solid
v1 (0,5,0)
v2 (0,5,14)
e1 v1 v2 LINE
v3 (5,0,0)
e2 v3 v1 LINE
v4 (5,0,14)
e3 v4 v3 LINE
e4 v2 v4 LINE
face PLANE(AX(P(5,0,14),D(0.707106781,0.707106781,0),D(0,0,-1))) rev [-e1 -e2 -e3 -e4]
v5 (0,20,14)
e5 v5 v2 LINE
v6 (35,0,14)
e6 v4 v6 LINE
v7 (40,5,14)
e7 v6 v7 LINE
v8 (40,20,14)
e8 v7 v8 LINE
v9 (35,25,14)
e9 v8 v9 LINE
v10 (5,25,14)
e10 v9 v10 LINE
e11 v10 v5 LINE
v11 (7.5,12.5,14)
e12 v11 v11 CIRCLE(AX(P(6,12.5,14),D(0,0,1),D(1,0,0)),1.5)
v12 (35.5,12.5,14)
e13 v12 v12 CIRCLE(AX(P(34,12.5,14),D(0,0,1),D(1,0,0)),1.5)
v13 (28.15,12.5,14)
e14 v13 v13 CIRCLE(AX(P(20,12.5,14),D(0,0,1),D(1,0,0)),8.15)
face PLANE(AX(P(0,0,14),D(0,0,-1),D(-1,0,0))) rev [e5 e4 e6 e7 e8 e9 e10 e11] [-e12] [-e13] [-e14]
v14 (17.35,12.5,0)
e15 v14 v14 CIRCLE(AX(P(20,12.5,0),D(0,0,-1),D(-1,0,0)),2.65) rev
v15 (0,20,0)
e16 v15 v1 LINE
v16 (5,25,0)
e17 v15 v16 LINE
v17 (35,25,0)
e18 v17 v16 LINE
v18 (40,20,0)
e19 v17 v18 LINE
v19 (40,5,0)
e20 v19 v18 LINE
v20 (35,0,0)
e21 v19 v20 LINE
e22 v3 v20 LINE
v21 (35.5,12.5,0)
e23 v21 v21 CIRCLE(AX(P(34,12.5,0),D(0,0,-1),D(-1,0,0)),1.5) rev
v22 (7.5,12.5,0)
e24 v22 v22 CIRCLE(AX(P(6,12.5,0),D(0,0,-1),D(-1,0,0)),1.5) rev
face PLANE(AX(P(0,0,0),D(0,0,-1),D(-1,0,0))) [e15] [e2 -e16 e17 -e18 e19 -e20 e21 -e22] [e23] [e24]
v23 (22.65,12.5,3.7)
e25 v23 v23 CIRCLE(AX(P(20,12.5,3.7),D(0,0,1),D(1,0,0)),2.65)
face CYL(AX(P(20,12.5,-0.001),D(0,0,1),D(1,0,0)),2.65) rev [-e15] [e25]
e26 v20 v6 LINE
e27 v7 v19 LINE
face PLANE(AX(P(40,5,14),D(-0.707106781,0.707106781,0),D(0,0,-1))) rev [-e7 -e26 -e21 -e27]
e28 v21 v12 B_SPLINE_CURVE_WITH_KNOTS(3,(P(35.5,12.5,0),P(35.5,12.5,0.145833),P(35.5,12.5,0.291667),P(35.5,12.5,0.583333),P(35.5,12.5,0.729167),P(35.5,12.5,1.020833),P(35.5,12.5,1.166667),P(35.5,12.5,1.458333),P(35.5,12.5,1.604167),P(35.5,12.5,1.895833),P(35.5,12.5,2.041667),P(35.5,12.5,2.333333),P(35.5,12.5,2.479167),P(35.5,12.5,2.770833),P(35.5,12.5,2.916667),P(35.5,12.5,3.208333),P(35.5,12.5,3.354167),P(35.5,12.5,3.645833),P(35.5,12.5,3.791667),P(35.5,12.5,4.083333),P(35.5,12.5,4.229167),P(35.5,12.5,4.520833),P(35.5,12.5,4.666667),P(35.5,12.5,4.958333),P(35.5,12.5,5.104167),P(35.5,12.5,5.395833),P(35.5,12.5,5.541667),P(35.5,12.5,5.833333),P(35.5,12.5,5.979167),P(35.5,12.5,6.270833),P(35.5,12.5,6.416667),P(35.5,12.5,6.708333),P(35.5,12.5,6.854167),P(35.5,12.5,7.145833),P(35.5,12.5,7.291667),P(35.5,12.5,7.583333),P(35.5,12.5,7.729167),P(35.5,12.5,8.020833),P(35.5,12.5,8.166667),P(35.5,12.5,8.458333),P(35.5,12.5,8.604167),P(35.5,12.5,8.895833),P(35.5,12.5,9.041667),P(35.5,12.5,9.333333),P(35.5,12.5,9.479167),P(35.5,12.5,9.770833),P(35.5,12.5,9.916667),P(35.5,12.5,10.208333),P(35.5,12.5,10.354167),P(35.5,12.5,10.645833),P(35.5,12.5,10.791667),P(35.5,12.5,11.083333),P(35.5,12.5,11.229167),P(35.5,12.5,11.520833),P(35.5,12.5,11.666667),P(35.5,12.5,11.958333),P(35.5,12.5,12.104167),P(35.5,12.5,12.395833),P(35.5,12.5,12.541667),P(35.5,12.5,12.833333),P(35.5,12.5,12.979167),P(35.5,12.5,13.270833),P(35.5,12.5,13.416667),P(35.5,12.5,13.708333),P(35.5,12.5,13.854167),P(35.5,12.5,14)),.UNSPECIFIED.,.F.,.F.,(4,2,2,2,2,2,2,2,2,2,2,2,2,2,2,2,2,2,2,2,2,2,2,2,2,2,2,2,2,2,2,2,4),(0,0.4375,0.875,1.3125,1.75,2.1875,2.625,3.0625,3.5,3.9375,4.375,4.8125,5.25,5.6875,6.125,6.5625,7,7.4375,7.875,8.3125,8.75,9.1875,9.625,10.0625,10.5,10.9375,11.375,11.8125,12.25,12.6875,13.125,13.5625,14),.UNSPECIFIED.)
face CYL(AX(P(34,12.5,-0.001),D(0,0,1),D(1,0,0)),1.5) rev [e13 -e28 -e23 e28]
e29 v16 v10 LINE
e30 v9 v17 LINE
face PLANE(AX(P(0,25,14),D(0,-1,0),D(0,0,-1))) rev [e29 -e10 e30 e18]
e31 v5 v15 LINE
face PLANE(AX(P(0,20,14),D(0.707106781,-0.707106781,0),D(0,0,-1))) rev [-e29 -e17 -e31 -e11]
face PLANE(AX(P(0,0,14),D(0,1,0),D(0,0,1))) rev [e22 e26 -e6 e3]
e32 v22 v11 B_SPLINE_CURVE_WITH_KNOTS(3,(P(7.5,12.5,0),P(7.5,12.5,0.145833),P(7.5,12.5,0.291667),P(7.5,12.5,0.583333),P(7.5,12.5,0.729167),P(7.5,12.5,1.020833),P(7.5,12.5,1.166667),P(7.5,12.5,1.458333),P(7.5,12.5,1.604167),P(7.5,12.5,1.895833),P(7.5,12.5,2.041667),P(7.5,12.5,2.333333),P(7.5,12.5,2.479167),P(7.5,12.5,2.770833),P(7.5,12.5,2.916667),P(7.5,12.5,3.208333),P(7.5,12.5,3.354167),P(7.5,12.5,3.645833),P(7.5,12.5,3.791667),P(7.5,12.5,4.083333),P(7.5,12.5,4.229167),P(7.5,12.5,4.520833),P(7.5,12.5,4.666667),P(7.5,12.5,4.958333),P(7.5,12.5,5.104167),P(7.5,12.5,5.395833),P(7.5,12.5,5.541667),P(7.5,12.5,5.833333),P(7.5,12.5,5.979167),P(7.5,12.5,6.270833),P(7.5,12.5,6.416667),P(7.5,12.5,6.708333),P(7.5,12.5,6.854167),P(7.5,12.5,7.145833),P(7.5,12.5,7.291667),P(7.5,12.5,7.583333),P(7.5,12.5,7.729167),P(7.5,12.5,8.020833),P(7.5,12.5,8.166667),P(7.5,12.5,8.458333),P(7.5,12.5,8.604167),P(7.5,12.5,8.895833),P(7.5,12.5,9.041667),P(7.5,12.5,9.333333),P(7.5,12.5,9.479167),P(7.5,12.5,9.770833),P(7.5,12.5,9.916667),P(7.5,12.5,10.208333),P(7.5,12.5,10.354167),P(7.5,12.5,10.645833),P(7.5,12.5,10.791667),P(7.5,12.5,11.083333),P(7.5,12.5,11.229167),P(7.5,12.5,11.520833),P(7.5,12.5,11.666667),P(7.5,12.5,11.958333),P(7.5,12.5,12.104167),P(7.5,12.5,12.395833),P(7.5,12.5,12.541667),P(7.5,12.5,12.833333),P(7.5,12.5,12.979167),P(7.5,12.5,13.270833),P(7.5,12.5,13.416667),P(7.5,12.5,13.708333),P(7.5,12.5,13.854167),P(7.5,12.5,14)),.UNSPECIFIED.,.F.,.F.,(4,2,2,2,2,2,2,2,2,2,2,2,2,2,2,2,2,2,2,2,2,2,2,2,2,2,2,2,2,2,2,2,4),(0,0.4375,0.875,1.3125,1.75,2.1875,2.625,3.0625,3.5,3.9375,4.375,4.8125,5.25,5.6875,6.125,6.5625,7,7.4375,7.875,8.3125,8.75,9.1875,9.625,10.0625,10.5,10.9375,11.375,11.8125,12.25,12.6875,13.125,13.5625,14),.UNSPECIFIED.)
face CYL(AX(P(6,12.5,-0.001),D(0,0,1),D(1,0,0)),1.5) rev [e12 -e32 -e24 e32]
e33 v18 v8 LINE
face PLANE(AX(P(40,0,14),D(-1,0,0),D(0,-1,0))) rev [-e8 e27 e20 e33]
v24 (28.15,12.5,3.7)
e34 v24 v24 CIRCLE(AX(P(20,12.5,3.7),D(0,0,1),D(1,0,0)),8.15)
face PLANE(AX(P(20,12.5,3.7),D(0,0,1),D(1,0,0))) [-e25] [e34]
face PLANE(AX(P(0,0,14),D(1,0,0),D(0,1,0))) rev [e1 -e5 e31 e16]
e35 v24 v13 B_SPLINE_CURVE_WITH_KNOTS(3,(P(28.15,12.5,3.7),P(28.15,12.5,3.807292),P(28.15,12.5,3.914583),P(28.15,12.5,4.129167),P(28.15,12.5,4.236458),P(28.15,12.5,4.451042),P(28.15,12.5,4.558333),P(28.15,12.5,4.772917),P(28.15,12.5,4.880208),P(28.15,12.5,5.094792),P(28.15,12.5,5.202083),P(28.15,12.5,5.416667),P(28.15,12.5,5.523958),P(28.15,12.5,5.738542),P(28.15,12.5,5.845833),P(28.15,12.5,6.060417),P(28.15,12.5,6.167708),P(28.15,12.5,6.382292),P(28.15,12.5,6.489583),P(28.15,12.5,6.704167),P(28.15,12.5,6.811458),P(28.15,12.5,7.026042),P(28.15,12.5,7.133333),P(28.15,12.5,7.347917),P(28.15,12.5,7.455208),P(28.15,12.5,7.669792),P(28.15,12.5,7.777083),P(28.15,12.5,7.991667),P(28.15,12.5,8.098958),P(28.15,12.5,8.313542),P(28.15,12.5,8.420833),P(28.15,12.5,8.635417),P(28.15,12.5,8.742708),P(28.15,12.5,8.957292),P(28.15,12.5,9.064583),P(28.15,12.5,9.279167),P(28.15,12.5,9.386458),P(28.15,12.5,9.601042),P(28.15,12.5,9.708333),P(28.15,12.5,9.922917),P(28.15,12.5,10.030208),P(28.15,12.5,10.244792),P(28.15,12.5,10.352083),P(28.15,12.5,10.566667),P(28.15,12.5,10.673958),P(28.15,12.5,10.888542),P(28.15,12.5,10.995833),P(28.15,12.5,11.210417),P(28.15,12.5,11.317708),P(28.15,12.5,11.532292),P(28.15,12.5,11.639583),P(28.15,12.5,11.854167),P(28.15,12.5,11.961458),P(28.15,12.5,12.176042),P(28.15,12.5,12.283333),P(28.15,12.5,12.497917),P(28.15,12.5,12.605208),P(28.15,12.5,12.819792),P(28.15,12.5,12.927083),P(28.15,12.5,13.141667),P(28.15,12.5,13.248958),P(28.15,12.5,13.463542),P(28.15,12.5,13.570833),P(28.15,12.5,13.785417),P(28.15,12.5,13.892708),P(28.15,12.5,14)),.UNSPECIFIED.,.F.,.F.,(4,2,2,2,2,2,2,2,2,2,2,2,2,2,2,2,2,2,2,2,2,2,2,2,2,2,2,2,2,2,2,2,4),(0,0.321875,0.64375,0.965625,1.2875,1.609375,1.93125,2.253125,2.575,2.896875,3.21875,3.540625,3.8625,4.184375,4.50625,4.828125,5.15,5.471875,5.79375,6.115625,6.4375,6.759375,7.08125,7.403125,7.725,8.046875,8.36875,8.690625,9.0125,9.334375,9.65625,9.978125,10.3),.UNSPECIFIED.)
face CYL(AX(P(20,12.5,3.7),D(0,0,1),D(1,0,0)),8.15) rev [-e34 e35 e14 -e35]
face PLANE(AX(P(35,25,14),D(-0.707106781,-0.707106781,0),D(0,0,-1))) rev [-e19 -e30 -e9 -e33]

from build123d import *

# Parameters (mm, degrees)
SKETCH1_W           = 40
SKETCH1_H           = 25
BOSS_EXTRUDE1_DEPTH = 14
SKETCH2_R           = 8.15
CUT_EXTRUDE1_DEPTH  = 10.3
CUT_EXTRUDE2_REACH  = 50.281
SKETCH3_R           = 2.65
CUT_EXTRUDE3_REACH  = 51.204
SKETCH4_R           = 1.5
CHAMFER1_SIZE       = 5


with BuildPart() as part:
    # Sketch1 → Boss-Extrude1 (new body)
    with BuildSketch(Plane.XY):
        with Locations((20, 12.5)):
            Rectangle(SKETCH1_W, SKETCH1_H)
    extrude(amount=BOSS_EXTRUDE1_DEPTH)

    # Sketch2 → Cut-Extrude1 (cut)
    with BuildSketch(Plane.XY.offset(14)):
        with Locations((20, 12.5)):
            Circle(SKETCH2_R)
    extrude(amount=-CUT_EXTRUDE1_DEPTH, mode=Mode.SUBTRACT)

    # Sketch3 → Cut-Extrude2 (cut, up to next)
    with BuildSketch(Plane.XY.offset(3.7), mode=Mode.PRIVATE) as cut_extrude2_sk1:
        with Locations((20, 12.5)):
            Circle(SKETCH3_R)
    cut_extrude2_tool1 = extrude(cut_extrude2_sk1.sketch, amount=-CUT_EXTRUDE2_REACH, mode=Mode.PRIVATE) & part.part
    add(cut_extrude2_tool1.solids().sort_by_distance((20, 12.5, 3.7))[0], mode=Mode.SUBTRACT)

    # Sketch4 → Cut-Extrude3 (cut, up to next)
    with BuildSketch(Plane.XY.offset(14), mode=Mode.PRIVATE) as cut_extrude3_sk1:
        with Locations((6, 12.5)):
            Circle(SKETCH4_R)
    cut_extrude3_tool1 = extrude(cut_extrude3_sk1.sketch, amount=-CUT_EXTRUDE3_REACH, mode=Mode.PRIVATE) & part.part
    # Sketch4 → Cut-Extrude3 (cut, up to next)
    with BuildSketch(Plane.XY.offset(14), mode=Mode.PRIVATE) as cut_extrude3_sk2:
        with Locations((34, 12.5)):
            Circle(SKETCH4_R)
    cut_extrude3_tool2 = extrude(cut_extrude3_sk2.sketch, amount=-CUT_EXTRUDE3_REACH, mode=Mode.PRIVATE) & part.part
    add(cut_extrude3_tool1.solids().sort_by_distance((6, 12.5, 14))[0], mode=Mode.SUBTRACT)
    add(cut_extrude3_tool2.solids().sort_by_distance((34, 12.5, 14))[0], mode=Mode.SUBTRACT)

    # Chamfer1
    chamfer1_edges = [part.edges().sort_by_distance(p)[0] for p in [
        (0, 25, 7),
        (40, 25, 7),
        (40, 0, 7),
        (0, 0, 7),
    ]]
    chamfer(chamfer1_edges, length=CHAMFER1_SIZE)


solid = part.part
